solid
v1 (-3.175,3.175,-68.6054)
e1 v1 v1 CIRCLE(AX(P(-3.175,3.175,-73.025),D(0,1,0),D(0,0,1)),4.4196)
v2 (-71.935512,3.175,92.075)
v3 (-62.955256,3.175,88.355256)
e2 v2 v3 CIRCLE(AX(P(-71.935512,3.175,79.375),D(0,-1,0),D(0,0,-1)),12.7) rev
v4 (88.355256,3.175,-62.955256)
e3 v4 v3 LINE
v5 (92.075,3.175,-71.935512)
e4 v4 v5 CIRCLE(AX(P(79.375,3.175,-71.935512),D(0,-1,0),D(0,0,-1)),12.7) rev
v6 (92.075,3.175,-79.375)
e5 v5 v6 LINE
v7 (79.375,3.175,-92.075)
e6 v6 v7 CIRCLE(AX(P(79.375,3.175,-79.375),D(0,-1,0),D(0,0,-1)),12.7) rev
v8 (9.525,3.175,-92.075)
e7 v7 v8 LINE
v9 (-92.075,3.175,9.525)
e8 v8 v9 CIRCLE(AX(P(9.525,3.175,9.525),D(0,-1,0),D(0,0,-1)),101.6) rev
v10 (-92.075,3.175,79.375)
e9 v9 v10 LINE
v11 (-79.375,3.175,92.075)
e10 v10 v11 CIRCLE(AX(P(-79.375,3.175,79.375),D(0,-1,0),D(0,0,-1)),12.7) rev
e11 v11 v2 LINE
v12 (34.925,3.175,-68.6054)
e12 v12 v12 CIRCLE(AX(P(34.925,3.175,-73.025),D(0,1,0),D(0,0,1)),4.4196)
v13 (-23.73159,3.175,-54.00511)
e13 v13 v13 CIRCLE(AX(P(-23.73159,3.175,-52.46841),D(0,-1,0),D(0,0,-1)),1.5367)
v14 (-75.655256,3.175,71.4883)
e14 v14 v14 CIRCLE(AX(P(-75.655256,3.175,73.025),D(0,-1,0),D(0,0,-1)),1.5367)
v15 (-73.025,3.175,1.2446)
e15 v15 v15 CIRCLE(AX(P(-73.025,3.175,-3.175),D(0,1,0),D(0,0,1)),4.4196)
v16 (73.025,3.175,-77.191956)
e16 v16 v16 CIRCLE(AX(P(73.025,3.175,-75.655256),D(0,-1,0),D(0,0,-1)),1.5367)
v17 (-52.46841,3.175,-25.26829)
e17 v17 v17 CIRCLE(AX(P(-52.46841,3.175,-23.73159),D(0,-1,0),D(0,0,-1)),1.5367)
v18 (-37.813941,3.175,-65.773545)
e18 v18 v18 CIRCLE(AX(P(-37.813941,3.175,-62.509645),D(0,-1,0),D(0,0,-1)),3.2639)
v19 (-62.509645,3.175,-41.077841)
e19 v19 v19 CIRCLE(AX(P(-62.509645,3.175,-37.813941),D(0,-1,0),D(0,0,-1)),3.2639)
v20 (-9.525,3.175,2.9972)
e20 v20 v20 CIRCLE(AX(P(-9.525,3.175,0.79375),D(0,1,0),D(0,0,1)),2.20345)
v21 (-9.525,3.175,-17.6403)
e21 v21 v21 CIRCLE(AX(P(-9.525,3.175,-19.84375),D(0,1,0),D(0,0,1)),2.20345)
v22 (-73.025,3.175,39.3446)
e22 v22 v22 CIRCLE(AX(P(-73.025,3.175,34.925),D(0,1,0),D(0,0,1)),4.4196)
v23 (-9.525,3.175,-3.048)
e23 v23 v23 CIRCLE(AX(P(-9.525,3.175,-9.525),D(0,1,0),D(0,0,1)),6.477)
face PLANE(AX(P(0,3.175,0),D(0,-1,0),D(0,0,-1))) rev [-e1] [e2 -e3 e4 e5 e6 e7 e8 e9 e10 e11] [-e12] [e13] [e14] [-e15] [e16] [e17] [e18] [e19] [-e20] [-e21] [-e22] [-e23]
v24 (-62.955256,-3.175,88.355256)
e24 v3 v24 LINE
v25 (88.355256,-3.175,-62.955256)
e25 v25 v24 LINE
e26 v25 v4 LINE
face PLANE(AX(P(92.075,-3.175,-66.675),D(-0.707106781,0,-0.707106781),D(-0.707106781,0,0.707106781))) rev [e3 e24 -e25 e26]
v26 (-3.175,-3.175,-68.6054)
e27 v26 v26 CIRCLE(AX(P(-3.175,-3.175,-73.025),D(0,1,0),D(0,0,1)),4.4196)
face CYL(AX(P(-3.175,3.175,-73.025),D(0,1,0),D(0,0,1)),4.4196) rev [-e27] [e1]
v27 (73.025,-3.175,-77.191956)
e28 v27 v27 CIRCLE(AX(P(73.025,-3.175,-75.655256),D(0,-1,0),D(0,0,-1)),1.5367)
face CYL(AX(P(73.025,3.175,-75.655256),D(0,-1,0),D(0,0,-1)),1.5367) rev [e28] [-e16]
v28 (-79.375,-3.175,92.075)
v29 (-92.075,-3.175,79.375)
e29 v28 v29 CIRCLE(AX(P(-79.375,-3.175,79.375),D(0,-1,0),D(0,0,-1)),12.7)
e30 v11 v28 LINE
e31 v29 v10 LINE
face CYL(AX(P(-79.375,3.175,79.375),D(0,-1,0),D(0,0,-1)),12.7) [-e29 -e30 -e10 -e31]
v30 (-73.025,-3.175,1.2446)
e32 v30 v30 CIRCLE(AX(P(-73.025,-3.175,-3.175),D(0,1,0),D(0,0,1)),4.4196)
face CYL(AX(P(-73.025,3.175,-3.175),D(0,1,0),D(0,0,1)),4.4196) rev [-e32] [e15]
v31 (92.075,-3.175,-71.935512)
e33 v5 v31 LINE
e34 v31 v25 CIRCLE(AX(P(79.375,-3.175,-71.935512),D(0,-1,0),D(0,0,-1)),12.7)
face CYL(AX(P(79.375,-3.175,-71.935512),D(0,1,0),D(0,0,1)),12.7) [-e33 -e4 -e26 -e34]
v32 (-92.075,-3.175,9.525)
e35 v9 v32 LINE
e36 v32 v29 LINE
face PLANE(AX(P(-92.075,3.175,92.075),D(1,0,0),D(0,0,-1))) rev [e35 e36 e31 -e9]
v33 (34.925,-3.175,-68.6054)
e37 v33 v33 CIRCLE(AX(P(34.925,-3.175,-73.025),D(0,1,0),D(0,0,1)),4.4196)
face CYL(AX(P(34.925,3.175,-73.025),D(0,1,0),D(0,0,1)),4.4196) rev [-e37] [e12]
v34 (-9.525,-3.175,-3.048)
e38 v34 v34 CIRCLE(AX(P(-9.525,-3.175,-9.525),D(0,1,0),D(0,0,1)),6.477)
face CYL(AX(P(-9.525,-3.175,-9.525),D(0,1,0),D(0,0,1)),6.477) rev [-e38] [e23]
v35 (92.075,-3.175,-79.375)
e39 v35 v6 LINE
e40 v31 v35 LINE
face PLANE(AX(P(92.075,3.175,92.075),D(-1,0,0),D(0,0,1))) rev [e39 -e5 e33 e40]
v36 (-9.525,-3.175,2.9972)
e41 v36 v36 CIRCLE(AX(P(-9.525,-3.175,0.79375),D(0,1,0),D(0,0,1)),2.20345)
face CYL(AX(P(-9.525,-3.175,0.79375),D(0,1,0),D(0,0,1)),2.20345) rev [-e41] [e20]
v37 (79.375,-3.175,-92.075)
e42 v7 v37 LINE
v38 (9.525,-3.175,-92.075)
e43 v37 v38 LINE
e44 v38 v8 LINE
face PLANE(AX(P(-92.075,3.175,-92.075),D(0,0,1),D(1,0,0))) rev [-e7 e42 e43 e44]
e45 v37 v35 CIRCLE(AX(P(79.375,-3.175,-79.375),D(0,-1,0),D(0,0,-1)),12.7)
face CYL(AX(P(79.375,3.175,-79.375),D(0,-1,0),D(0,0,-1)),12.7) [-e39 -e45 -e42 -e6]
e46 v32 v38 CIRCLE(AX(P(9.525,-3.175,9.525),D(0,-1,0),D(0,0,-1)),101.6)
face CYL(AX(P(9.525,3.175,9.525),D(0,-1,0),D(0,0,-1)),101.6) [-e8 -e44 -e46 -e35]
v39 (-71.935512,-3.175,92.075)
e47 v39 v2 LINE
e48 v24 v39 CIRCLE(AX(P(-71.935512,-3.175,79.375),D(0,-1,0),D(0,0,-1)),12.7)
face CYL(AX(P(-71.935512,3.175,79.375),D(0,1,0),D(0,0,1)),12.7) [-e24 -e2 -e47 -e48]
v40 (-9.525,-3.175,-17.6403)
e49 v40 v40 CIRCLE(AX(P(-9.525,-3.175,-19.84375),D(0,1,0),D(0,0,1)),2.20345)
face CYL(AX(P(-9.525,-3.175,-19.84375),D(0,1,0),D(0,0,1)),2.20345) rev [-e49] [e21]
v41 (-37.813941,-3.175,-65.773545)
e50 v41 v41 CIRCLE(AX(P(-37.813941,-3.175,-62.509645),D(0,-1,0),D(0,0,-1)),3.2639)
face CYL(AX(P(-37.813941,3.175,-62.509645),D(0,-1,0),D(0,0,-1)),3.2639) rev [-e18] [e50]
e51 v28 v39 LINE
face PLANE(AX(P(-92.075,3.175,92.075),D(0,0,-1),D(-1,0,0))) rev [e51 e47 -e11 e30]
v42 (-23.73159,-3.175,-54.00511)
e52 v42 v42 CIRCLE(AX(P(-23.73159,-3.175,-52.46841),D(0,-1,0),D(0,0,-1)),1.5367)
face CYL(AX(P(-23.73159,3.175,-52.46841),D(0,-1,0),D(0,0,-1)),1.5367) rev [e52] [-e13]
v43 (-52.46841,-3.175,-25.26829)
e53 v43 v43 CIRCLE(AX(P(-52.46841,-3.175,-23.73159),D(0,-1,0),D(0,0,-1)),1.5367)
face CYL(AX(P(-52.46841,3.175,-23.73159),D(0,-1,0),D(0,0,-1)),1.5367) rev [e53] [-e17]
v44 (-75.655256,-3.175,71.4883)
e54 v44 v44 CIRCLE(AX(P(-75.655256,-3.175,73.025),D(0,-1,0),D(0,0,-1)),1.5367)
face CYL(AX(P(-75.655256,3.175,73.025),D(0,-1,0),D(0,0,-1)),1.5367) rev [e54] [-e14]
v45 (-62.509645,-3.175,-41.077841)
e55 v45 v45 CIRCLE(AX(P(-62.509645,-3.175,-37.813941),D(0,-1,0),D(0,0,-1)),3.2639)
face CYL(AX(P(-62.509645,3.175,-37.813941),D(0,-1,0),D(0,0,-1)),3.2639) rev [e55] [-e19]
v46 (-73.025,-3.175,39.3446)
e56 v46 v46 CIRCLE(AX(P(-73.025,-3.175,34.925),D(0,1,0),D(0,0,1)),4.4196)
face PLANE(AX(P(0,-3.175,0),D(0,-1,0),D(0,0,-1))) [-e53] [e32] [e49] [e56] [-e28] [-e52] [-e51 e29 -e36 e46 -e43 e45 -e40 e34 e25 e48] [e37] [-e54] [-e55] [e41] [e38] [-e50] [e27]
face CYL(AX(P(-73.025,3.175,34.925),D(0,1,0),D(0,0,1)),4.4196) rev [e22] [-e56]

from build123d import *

# Parameters (mm, degrees)
SKETCH1_W                = 184.15
SKETCH1_H                = 184.15
BOSS_EXTRUDE1_DEPTH      = 3.175
CUT_EXTRUDE1_DEPTH       = 131.368453815
SKETCH3_R                = 6.477
SKETCH3_R_2              = 2.20345
CUT_EXTRUDE2_DEPTH       = 131.368453815
F_0_332_DIAMETER_HOLE1_D = 8.8392
FILLET1_R                = 12.7
FILLET2_R                = 101.6
CUT_EXTRUDE3_DEPTH       = 131.368453815
CUT_EXTRUDE3_DEPTH_BACK  = 131.368453815
SKETCH6_R                = 1.5367
SKETCH7_R                = 12.827
SKETCH7_R_2              = 3.2639
CUT_EXTRUDE4_DEPTH       = 131.368453815
SKETCH8_R                = 12.827
BOSS_EXTRUDE2_DEPTH      = 6.35


with BuildPart() as part:
    # Sketch1 → Boss-Extrude1 (new, symmetric)
    with BuildSketch(Plane(origin=(0, 0, 0), x_dir=(1, 0, 0), z_dir=(0, 1, 0))):
        Rectangle(SKETCH1_W, SKETCH1_H)
    extrude(amount=BOSS_EXTRUDE1_DEPTH, both=True)

    # Sketch2 → Cut-Extrude1 (cut, through all)
    with BuildSketch(Plane(origin=(0, 3.175, 0), x_dir=(1, 0, 0), z_dir=(0, 1, 0))):
        Polygon((92.075, -92.075), (92.075, 66.675), (-66.675, -92.075), align=None)
    extrude(amount=-CUT_EXTRUDE1_DEPTH, mode=Mode.SUBTRACT)

    # Sketch3 → Cut-Extrude2 (cut, through all)
    with BuildSketch(Plane(origin=(0, 3.175, 0), x_dir=(1, 0, 0), z_dir=(0, 1, 0))):
        with Locations(Location((-9.525, 9.525, 0), (0, 0, 270))):
            Circle(SKETCH3_R)
        with Locations(Location((-9.525, 19.84375, 0), (0, 0, 270))):
            Circle(SKETCH3_R_2)
        with Locations(Location((-9.525, -0.79375, 0), (0, 0, 270))):
            Circle(SKETCH3_R_2)
    extrude(amount=-CUT_EXTRUDE2_DEPTH, mode=Mode.SUBTRACT)

    # 0.332_ Diameter Hole1 (through all)
    with Locations(Plane(origin=(0, 3.175, 0), x_dir=(1, 0, 0), z_dir=(0, 1, 0))):
        with Locations((-73.025, -34.925), (-3.175, 73.025), (34.925, 73.025), (-73.025, 3.175)):
            Hole(F_0_332_DIAMETER_HOLE1_D / 2)

    # Fillet1
    fillet1_edges = [part.edges().sort_by_distance(p)[0] for p in [
        (-66.675, 0, 92.075),
        (92.075, 0, -66.675),
        (-92.075, 0, 92.075),
        (92.075, 0, -92.075),
    ]]
    fillet(fillet1_edges, radius=FILLET1_R)

    # Fillet2
    fillet2_edges = [part.edges().sort_by_distance(p)[0] for p in [
        (-92.075, 0, -92.075),
    ]]
    fillet(fillet2_edges, radius=FILLET2_R)

    # Sketch6 → Cut-Extrude3 (cut, two sides: drawn at the far end of the back side and taken through both)
    with BuildSketch(Plane.XZ.offset(3.175).offset(-CUT_EXTRUDE3_DEPTH_BACK)):
        with Locations(Location((73.025, -75.655256121, 0), (0, 0, 270))):
            Circle(SKETCH6_R)
        with Locations(Location((-23.731590206, -52.468409794, 0), (0, 0, 270))):
            Circle(SKETCH6_R)
        with Locations(Location((-75.655256121, 73.025, 0), (0, 0, 270))):
            Circle(SKETCH6_R)
        with Locations(Location((-52.468409794, -23.731590206, 0), (0, 0, 270))):
            Circle(SKETCH6_R)
    extrude(amount=CUT_EXTRUDE3_DEPTH + CUT_EXTRUDE3_DEPTH_BACK, mode=Mode.SUBTRACT)

    # Sketch7 → Cut-Extrude4 (cut, through all)
    with BuildSketch(Plane.XZ.offset(3.175)):
        with Locations(Location((-50.161792847, -50.161792847, 0), (0, 0, 270))):
            Circle(SKETCH7_R)
        with Locations(Location((-37.813940681, -62.509645014, 0), (0, 0, 270))):
            Circle(SKETCH7_R_2)
        with Locations(Location((-62.509645014, -37.813940681, 0), (0, 0, 270))):
            Circle(SKETCH7_R_2)
    extrude(amount=-CUT_EXTRUDE4_DEPTH, mode=Mode.SUBTRACT)

    # Sketch8 → Boss-Extrude2 (add)
    with BuildSketch(Plane.XZ.offset(3.175)):
        with Locations((-50.161792847, -50.161792847)):
            Circle(SKETCH8_R)
    extrude(amount=-BOSS_EXTRUDE2_DEPTH)


solid = part.part
